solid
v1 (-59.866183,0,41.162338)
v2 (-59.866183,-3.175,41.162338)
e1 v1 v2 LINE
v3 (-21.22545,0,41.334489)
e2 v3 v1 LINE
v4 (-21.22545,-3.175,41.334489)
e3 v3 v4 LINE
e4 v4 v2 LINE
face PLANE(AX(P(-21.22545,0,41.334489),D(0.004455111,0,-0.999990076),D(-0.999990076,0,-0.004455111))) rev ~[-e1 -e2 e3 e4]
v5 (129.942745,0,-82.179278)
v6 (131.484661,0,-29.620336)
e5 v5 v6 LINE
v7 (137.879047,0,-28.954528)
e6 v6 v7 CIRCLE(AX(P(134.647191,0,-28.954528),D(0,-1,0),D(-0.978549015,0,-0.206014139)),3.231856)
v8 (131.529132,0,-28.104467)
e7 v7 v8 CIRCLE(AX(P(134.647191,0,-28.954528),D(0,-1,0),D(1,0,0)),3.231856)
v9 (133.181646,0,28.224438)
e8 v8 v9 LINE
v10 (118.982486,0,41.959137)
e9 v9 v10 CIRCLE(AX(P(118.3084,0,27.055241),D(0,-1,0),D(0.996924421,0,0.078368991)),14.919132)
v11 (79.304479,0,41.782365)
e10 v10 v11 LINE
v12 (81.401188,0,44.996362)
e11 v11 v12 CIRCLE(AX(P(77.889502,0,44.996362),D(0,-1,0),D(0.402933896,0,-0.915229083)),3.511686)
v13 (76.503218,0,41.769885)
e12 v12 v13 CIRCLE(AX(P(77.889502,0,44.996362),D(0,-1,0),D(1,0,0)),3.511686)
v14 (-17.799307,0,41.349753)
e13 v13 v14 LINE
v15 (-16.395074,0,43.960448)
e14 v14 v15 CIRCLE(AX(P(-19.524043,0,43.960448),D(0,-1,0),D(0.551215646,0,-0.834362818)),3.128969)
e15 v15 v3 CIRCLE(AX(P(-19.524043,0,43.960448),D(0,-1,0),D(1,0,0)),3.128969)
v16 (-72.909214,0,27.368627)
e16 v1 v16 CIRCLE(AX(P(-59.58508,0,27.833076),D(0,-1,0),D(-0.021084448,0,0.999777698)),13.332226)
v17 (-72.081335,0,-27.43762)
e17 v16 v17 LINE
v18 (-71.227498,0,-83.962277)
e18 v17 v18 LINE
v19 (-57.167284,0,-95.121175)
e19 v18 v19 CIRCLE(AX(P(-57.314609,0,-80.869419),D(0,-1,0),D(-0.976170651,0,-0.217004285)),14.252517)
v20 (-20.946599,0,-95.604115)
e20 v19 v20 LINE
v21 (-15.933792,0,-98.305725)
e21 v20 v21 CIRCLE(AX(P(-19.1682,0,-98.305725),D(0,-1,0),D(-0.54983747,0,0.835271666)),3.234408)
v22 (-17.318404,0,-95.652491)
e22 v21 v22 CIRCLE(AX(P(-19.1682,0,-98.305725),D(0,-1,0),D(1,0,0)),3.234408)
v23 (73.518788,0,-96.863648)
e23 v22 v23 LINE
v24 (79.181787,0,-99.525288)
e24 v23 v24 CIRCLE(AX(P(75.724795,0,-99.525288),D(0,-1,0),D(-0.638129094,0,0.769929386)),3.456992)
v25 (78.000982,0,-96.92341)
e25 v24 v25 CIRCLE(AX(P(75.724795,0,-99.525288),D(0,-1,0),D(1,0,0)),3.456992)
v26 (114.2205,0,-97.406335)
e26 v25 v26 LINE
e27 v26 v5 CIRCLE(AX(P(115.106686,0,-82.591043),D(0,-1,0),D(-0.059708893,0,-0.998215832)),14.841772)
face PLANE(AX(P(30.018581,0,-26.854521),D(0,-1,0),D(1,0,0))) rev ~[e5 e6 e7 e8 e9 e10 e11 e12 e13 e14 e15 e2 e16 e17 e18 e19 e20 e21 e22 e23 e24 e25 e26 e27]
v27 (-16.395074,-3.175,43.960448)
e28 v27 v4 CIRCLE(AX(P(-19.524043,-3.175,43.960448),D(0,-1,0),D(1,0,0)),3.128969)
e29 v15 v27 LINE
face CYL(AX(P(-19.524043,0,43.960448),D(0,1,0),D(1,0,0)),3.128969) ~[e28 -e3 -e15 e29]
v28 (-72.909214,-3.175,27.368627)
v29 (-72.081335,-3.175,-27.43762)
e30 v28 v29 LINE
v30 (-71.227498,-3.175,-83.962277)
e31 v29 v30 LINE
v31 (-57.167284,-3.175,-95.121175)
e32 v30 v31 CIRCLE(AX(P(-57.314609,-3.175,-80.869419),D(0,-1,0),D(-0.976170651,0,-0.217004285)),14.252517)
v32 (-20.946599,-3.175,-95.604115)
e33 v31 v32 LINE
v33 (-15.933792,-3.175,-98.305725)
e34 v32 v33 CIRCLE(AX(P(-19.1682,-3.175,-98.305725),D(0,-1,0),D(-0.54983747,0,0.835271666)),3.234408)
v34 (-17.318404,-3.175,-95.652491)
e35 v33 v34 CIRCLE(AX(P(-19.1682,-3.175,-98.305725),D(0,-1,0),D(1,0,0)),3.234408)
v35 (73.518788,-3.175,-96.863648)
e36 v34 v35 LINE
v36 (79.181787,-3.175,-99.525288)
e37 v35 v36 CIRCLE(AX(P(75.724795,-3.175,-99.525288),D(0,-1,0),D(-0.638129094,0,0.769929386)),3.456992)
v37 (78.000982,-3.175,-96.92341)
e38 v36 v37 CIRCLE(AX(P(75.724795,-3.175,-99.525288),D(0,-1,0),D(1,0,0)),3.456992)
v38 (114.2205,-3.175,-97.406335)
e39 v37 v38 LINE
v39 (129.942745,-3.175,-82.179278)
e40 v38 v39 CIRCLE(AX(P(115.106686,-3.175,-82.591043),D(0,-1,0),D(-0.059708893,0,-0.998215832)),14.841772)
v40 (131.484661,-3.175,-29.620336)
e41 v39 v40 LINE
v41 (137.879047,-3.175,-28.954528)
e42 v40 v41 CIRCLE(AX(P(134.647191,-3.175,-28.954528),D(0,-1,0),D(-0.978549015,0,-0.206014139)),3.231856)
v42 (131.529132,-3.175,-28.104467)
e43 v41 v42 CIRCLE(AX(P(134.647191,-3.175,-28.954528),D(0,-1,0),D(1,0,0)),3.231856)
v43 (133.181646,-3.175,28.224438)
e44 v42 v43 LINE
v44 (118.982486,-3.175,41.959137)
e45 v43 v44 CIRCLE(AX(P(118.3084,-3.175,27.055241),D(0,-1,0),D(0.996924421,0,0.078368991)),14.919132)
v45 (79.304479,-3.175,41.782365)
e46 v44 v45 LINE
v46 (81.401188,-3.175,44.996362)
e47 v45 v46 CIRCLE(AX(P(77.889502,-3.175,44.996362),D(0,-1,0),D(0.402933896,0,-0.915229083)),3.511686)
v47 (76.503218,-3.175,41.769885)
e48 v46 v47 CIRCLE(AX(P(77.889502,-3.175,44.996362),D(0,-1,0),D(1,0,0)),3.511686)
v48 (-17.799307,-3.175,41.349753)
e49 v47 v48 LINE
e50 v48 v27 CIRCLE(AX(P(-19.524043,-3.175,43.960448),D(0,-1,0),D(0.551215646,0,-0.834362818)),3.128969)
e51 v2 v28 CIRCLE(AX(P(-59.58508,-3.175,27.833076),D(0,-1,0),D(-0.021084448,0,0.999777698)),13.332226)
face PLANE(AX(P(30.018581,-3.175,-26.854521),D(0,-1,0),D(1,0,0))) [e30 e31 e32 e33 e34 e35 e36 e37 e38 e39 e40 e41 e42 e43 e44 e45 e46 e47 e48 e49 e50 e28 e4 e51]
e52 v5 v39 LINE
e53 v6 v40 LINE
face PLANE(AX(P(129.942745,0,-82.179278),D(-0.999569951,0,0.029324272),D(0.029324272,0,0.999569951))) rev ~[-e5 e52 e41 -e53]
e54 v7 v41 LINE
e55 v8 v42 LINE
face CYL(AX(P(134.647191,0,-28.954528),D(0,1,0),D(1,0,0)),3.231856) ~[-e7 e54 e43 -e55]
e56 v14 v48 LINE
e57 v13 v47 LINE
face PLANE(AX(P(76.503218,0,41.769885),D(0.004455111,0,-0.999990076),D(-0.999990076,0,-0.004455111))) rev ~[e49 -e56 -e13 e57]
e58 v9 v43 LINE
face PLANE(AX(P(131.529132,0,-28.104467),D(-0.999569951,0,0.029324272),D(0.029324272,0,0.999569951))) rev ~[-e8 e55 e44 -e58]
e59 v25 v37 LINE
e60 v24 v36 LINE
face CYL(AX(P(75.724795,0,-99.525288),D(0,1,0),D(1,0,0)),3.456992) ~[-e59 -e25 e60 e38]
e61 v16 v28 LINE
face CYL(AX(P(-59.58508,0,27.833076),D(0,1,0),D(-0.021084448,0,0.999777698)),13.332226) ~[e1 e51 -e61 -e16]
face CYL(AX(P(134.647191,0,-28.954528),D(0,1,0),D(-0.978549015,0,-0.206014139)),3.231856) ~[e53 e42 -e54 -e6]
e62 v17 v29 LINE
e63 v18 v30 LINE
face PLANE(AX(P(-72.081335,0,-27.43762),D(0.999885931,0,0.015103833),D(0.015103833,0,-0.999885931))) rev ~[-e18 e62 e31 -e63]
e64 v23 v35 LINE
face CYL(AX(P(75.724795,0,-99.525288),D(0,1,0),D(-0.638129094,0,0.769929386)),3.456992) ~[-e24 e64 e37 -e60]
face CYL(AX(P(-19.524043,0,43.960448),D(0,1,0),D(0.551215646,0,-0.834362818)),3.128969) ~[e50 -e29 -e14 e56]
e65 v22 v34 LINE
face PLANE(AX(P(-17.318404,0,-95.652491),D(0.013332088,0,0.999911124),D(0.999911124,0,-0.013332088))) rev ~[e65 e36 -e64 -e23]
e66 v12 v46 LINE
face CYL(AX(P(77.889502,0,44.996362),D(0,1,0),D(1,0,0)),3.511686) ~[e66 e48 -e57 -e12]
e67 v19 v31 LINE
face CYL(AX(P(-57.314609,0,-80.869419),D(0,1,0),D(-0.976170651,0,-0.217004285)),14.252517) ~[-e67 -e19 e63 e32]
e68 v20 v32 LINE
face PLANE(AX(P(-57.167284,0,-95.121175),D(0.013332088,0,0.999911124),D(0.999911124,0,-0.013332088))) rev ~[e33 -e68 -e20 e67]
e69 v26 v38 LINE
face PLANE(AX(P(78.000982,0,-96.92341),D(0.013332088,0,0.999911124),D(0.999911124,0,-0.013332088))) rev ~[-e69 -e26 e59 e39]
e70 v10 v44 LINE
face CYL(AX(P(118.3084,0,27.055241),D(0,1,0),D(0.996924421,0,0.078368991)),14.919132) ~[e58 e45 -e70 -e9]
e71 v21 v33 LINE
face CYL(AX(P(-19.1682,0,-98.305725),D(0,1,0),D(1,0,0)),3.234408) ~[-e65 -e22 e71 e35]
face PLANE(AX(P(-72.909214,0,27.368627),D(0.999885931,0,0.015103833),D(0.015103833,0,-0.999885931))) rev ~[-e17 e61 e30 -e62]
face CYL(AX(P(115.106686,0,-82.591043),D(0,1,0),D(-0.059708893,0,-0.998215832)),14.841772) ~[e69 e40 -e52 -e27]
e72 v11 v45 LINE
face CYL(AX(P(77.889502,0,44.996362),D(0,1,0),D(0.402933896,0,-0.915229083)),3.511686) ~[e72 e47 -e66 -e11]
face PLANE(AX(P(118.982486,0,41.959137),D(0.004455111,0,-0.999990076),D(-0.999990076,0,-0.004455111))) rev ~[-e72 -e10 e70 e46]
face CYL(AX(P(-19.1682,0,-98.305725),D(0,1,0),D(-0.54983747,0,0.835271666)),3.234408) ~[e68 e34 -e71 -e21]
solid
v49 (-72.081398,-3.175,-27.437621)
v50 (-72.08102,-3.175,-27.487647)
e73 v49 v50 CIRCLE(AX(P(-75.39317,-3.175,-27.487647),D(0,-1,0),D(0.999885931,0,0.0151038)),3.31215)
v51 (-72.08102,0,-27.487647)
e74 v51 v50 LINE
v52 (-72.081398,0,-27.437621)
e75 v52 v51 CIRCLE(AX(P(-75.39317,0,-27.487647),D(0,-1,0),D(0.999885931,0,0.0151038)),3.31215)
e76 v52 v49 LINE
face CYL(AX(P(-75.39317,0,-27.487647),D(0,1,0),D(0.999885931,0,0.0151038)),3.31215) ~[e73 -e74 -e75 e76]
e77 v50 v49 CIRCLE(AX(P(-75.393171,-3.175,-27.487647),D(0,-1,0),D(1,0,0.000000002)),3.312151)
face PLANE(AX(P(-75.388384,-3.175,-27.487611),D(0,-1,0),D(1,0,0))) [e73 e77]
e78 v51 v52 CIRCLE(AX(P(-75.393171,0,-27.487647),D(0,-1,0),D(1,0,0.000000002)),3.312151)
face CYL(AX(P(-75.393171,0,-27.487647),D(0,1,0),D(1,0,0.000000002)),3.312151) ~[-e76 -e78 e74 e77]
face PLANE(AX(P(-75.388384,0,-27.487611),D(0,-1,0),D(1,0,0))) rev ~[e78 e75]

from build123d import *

# Parameters (mm, degrees)
F1_DEPTH = 3.175


with BuildPart() as f1:
    # F0 (on Front) → F1 (new body)
    with BuildSketch(Plane.XZ):
        with BuildLine():
            ThreePointArc((-72.0813978251, -27.4376207332), (-78.7052257702, -27.5126605293), (-72.0810200118, -27.4876467884))
            ThreePointArc((-72.0810200118, -27.4876467884), (-72.0811144665, -27.4626330474), (-72.0813978251, -27.4376207332))
        make_face()
    extrude(amount=F1_DEPTH)


with BuildPart() as f1b:
    # F0 (on Front) → F1, piece 2 (new body)
    with BuildSketch(Plane.XZ):
        with BuildLine():
            Line((-72.58165553, 5.6840192604), (-72.0813347436, -27.4376197803))
            Line((-72.0813347436, -27.4376197803), (-71.2274983525, -83.9622765779))
            ThreePointArc((-71.2274983525, -83.9622765779), (-66.174797872, -92.0332585005), (-57.1672841907, -95.1211750507))
            Line((-57.1672841907, -95.1211750507), (-20.9465985898, -95.604115342))
            ThreePointArc((-20.9465985898, -95.604115342), (-19.1250785613, -95.0716041918), (-17.3184037726, -95.6524910542))
            Line((-17.3184037726, -95.6524910542), (73.5187883853, -96.8636481405))
            ThreePointArc((73.5187883853, -96.8636481405), (75.7708843803, -96.0686031472), (78.0009824441, -96.9234104578))
            Line((78.0009824441, -96.9234104578), (114.2204999924, -97.406335175))
            ThreePointArc((114.2204999924, -97.406335175), (125.4321668109, -93.252311576), (129.9427449703, -82.1792781353))
            Line((129.9427449703, -82.1792781353), (131.4846607719, -29.6203363645))
            ThreePointArc((131.4846607719, -29.6203363645), (131.416724127, -28.8597564391), (131.5291316547, -28.1044672505))
            Line((131.5291316547, -28.1044672505), (133.1816464663, 28.2244384289))
            ThreePointArc((133.1816464663, 28.2244384289), (128.6809778737, 37.7785855309), (118.9824864268, 41.9591367245))
            Line((118.9824864268, 41.9591367245), (79.3044793644, 41.7823650363))
            ThreePointArc((79.3044793644, 41.7823650363), (77.9051470001, 41.484711047), (76.5032180467, 41.7698849817))
            Line((76.5032180467, 41.7698849817), (-17.7993065024, 41.3497525784))
            ThreePointArc((-17.7993065024, 41.3497525784), (-19.510103519, 40.8315099451), (-21.2254502351, 41.3344885756))
            Line((-21.2254502351, 41.3344885756), (-59.8661825061, 41.1623381078))
            ThreePointArc((-59.8661825061, 41.1623381078), (-69.2722996675, 36.9930989982), (-72.9092136025, 27.3686274886))
            Line((-72.9092136025, 27.3686274886), (-72.58165553, 5.6840192604))
        make_face()
        with BuildLine():
            Line((-17.3184037726, -95.6524910542), (-20.9465985898, -95.604115342))
            ThreePointArc((-20.9465985898, -95.604115342), (-20.702691353, -101.1529565889), (-15.9337921399, -98.3057245612))
            ThreePointArc((-15.9337921399, -98.3057245612), (-16.3007630207, -96.8093291074), (-17.3184037726, -95.6524910542))
        make_face()
        with BuildLine():
            ThreePointArc((-17.3184037726, -95.6524910542), (-19.1250785613, -95.0716041918), (-20.9465985898, -95.604115342))
            Line((-20.9465985898, -95.604115342), (-17.3184037726, -95.6524910542))
        make_face()
        with BuildLine():
            Line((-17.7993065024, 41.3497525784), (-21.2254502351, 41.3344885756))
            ThreePointArc((-21.2254502351, 41.3344885756), (-19.510103519, 40.8315099451), (-17.7993065024, 41.3497525784))
        make_face()
        with BuildLine():
            ThreePointArc((-16.3950739645, 43.9604483545), (-21.0184998393, 46.7094572521), (-21.2254502351, 41.3344885756))
            Line((-21.2254502351, 41.3344885756), (-17.7993065024, 41.3497525784))
            ThreePointArc((-17.7993065024, 41.3497525784), (-16.7684038401, 42.4782539125), (-16.3950739645, 43.9604483545))
        make_face()
        with BuildLine():
            Line((78.0009824441, -96.9234104578), (73.5187883853, -96.8636481405))
            ThreePointArc((73.5187883853, -96.8636481405), (74.2543118421, -102.6539408987), (79.1817873053, -99.5252877474))
            ThreePointArc((79.1817873053, -99.5252877474), (78.8727751662, -98.0966462991), (78.0009824441, -96.9234104578))
        make_face()
        with BuildLine():
            ThreePointArc((78.0009824441, -96.9234104578), (75.7708843803, -96.0686031472), (73.5187883853, -96.8636481405))
            Line((73.5187883853, -96.8636481405), (78.0009824441, -96.9234104578))
        make_face()
        with BuildLine():
            Line((79.3044793644, 41.7823650363), (76.5032180467, 41.7698849817))
            ThreePointArc((76.5032180467, 41.7698849817), (77.9051470001, 41.484711047), (79.3044793644, 41.7823650363))
        make_face()
        with BuildLine():
            ThreePointArc((81.4011880312, 44.9963621795), (75.9576966307, 47.928949138), (76.5032180467, 41.7698849817))
            Line((76.5032180467, 41.7698849817), (79.3044793644, 41.7823650363))
            ThreePointArc((79.3044793644, 41.7823650363), (80.8306663118, 43.0776409341), (81.4011880312, 44.9963621795))
        make_face()
        with BuildLine():
            Line((131.5291316547, -28.1044672505), (131.4846607719, -29.6203363645))
            ThreePointArc((131.4846607719, -29.6203363645), (134.9818943875, -32.1690062235), (137.879046871, -28.9545282722))
            ThreePointArc((137.879046871, -28.9545282722), (135.0760126741, -25.7512476493), (131.5291316547, -28.1044672505))
        make_face()
        with BuildLine():
            ThreePointArc((131.5291316547, -28.1044672505), (131.416724127, -28.8597564391), (131.4846607719, -29.6203363645))
            Line((131.4846607719, -29.6203363645), (131.5291316547, -28.1044672505))
        make_face()
    extrude(amount=F1_DEPTH)


solid = Compound([f1.part, f1b.part])
